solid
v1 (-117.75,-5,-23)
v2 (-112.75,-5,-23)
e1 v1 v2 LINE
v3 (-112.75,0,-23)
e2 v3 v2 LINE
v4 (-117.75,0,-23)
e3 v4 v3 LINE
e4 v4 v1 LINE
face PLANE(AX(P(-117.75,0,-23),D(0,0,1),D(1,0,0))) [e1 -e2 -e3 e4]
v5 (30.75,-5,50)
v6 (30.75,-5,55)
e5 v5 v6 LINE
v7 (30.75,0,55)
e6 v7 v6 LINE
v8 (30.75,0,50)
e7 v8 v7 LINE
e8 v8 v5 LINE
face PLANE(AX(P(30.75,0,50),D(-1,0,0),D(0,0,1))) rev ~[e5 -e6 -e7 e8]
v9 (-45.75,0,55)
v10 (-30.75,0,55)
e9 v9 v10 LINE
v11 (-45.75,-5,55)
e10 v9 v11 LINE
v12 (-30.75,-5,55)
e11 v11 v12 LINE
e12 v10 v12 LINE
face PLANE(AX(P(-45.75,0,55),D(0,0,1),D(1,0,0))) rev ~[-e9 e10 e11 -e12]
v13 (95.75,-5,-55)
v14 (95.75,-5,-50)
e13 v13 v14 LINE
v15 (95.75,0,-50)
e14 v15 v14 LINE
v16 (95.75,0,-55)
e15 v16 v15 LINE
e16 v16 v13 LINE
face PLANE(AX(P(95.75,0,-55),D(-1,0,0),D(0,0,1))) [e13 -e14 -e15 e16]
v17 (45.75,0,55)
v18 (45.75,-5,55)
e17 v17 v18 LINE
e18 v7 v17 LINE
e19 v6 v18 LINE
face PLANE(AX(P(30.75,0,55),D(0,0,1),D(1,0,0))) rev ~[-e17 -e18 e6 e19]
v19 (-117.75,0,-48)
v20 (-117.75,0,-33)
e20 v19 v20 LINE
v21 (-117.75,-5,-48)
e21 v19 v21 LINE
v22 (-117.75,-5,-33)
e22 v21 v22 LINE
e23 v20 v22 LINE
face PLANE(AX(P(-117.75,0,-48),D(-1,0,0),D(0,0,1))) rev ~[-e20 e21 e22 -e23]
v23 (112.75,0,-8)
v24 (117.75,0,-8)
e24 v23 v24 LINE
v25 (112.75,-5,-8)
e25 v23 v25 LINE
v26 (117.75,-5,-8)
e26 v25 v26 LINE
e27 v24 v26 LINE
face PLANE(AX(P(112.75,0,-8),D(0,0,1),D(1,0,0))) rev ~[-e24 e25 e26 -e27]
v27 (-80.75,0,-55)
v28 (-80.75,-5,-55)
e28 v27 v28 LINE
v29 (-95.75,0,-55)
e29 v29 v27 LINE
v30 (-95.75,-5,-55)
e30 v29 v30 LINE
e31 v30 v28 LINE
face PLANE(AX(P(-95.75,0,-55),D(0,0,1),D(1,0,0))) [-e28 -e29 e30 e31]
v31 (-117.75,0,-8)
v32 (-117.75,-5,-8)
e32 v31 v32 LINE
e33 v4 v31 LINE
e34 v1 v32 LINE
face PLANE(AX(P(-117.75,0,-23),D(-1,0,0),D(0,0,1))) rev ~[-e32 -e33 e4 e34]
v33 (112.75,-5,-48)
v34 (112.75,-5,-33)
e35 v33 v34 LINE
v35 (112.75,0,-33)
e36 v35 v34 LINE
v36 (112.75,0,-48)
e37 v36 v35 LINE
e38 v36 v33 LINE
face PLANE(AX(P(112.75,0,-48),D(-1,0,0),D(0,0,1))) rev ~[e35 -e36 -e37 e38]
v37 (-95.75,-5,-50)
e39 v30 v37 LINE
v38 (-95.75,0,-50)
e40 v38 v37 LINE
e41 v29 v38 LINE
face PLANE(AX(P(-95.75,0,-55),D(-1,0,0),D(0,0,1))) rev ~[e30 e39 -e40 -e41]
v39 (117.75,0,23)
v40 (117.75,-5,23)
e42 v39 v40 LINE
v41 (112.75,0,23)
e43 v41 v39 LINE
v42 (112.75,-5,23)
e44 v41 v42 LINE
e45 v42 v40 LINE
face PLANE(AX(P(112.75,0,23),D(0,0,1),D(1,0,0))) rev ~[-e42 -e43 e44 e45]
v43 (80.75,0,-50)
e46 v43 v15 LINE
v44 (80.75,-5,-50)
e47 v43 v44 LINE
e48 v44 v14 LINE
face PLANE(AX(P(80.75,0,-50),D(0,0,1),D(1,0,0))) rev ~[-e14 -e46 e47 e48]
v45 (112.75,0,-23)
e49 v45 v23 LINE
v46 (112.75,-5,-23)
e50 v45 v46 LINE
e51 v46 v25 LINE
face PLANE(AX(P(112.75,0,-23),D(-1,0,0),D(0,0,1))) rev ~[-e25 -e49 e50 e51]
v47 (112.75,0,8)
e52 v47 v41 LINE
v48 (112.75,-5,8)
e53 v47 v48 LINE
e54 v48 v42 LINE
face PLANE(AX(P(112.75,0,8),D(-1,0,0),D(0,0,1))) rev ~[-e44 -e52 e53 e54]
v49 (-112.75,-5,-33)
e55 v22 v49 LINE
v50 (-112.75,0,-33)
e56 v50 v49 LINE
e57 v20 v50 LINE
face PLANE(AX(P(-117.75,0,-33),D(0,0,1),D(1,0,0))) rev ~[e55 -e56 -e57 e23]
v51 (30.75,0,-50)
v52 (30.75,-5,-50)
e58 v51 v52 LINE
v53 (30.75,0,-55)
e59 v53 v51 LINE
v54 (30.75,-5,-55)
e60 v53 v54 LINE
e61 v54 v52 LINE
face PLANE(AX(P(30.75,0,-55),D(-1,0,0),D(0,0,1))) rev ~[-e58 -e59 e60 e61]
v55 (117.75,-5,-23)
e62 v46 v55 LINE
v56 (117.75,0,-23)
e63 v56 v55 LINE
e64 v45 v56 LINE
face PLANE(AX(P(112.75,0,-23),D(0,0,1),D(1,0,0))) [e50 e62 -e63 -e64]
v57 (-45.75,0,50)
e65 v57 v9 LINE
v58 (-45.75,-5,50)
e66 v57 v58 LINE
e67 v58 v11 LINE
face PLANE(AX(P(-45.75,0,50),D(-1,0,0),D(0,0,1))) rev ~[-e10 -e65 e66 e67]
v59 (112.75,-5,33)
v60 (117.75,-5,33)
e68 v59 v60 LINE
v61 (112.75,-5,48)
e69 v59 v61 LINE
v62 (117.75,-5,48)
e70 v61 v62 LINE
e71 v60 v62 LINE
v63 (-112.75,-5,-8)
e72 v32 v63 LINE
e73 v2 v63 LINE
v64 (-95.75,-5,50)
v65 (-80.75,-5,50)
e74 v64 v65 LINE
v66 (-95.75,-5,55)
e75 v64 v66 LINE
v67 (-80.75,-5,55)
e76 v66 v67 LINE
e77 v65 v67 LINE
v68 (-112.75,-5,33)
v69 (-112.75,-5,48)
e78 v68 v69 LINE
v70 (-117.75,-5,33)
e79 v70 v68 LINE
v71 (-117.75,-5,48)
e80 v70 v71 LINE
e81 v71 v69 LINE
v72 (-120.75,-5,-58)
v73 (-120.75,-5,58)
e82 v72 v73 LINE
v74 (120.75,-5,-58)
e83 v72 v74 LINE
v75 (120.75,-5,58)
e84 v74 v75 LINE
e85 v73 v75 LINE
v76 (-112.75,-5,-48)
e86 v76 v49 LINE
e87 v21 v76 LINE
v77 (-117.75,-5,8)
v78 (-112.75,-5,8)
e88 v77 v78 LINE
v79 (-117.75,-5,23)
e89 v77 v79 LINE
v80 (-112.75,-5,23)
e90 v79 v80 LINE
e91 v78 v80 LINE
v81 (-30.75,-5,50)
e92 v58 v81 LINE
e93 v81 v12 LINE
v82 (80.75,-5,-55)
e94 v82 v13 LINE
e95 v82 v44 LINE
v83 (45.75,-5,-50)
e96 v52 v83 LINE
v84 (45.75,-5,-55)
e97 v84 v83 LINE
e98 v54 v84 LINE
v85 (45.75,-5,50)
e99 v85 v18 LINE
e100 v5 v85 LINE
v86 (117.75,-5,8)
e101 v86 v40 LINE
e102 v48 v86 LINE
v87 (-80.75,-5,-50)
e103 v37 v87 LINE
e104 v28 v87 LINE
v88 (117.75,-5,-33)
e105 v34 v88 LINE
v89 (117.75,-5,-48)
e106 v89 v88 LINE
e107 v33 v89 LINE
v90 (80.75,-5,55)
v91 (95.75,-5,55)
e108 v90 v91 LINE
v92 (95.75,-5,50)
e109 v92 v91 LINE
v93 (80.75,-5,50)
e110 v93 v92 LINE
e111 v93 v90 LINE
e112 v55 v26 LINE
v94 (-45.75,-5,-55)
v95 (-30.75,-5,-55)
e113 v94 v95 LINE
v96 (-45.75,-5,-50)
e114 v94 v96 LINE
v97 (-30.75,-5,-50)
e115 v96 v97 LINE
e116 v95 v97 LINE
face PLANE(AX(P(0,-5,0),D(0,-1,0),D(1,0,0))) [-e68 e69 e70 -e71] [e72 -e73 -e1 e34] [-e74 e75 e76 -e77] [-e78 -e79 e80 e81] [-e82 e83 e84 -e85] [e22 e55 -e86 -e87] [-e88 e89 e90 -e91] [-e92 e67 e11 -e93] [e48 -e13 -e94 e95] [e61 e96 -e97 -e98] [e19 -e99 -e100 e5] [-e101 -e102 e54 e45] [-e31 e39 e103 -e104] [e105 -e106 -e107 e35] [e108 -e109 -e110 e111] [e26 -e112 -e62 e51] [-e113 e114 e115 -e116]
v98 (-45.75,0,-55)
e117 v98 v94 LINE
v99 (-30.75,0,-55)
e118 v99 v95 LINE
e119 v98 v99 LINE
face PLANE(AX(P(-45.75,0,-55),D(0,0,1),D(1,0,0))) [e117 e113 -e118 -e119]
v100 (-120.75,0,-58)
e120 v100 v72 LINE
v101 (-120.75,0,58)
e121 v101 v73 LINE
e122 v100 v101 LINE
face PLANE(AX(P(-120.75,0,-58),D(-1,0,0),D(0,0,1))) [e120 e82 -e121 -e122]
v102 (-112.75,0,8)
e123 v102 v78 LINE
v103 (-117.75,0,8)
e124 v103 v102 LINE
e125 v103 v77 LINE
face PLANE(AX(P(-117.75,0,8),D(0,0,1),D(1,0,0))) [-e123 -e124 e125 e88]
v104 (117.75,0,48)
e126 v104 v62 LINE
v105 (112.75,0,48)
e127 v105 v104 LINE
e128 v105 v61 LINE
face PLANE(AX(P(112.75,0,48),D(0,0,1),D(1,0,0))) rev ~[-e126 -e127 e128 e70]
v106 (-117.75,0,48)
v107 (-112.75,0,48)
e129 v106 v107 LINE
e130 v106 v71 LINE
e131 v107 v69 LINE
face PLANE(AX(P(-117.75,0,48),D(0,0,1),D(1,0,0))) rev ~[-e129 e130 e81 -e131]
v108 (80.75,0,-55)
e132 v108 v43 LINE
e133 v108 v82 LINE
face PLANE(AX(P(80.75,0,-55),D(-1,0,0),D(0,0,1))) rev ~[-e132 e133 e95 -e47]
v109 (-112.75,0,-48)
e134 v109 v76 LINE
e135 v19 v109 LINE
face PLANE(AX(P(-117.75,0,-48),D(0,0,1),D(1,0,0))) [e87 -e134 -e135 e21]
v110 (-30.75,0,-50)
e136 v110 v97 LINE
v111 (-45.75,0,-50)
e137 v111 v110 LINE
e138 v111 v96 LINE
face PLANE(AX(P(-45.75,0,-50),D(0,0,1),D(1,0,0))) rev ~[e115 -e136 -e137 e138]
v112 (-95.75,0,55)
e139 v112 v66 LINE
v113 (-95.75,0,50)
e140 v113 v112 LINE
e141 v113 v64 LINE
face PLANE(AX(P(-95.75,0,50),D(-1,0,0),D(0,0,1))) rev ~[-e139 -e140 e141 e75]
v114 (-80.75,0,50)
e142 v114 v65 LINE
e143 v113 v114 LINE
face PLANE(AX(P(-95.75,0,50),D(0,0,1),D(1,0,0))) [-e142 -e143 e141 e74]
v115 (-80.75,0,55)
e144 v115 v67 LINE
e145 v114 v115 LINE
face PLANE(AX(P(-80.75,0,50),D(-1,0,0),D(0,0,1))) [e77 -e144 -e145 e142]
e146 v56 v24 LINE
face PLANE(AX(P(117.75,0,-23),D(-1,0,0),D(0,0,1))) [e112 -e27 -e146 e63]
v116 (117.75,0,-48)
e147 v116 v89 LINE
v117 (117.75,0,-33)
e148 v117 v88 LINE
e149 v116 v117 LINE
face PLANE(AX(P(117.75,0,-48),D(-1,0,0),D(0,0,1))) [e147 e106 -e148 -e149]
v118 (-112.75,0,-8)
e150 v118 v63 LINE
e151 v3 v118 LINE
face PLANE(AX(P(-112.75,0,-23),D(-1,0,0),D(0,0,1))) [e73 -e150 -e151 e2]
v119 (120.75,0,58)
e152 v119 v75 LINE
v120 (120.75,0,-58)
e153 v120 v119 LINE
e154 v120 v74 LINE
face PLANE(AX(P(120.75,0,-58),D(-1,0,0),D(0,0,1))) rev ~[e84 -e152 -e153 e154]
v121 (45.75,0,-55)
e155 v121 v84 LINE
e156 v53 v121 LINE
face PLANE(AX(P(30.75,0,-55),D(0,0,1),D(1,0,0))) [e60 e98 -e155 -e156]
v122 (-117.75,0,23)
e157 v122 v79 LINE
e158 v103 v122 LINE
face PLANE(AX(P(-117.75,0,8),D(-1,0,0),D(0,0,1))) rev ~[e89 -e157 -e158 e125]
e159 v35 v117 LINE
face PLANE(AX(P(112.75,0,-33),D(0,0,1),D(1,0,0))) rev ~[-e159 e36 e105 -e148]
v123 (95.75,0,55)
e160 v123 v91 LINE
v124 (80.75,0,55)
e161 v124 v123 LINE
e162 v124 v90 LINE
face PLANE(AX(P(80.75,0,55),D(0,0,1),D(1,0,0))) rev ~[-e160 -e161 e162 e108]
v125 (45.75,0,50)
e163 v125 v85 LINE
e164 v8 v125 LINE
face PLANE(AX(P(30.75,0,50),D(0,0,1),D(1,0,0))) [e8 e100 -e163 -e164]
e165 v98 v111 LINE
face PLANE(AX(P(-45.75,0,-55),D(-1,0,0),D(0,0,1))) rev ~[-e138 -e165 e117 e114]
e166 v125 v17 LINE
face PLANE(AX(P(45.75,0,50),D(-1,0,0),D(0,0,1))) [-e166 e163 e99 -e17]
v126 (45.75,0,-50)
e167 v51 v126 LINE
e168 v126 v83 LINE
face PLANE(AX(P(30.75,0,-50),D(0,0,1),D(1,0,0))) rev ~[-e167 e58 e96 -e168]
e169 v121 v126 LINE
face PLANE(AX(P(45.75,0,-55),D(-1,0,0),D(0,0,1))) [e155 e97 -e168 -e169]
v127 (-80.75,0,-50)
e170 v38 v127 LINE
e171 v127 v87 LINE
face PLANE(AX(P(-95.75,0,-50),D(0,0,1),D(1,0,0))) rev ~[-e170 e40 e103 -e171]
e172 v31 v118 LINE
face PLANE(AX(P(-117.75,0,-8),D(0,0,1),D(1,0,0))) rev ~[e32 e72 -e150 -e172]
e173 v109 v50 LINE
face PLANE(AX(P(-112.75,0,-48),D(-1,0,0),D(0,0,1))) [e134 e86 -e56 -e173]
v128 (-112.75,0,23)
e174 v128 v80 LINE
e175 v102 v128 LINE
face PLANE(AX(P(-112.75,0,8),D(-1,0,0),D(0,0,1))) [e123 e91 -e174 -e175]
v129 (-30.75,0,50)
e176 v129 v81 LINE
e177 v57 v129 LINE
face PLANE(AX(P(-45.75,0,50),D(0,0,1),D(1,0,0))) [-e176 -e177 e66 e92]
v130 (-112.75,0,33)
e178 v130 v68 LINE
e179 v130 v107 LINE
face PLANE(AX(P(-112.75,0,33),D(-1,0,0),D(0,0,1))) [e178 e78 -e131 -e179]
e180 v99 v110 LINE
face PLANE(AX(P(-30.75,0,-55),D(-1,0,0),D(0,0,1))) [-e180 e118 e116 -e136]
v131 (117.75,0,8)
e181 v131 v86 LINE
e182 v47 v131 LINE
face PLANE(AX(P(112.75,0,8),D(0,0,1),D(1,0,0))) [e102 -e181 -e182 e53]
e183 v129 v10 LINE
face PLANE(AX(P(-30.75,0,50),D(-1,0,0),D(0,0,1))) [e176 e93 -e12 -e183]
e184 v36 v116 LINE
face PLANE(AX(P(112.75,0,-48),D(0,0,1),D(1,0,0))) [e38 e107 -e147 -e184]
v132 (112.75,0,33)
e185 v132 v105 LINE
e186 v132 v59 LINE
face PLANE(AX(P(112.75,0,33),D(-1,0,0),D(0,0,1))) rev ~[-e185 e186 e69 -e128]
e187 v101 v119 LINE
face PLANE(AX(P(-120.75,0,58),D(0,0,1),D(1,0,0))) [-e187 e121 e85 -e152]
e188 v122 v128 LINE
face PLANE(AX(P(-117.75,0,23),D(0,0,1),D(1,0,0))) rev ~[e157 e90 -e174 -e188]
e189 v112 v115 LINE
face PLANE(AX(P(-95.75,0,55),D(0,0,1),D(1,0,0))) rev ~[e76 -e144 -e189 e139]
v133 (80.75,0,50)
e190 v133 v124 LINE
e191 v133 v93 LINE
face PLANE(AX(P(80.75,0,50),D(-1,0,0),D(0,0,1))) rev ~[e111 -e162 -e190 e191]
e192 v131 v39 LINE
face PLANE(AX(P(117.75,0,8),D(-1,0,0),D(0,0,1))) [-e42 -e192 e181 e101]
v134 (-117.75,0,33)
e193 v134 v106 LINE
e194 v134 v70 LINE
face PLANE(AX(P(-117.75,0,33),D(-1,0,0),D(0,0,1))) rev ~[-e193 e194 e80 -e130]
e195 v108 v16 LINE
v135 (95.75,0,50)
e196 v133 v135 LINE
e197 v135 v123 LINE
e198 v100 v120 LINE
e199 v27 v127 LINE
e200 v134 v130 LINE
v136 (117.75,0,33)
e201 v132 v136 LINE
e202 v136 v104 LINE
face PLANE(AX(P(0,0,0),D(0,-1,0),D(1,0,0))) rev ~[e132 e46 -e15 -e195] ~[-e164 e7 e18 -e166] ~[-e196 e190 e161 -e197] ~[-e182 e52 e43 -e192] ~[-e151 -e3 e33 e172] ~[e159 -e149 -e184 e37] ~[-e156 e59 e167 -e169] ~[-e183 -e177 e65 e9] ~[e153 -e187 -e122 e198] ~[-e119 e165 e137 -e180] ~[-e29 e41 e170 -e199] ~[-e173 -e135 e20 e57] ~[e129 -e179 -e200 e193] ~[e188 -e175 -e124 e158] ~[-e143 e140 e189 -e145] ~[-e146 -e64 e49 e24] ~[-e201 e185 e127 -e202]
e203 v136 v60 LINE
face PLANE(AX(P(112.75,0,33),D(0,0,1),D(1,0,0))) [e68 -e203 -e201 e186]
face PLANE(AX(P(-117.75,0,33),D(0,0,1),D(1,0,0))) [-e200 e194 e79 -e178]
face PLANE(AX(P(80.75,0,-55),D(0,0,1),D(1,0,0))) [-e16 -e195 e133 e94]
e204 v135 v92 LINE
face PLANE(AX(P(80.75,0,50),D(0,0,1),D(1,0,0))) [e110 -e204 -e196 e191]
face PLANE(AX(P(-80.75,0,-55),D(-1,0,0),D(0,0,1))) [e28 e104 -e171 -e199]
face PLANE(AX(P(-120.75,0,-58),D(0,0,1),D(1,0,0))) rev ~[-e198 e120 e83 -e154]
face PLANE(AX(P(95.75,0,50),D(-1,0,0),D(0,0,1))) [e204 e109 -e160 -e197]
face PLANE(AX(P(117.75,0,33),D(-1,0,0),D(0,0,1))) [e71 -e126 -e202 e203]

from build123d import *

# Parameters (mm, degrees)
F0_W     = 241.5
F0_H     = 116
F0_W_2   = 15
F0_H_2   = 5
F0_W_3   = 5
F0_H_3   = 15
F1_DEPTH = 5


with BuildPart() as f1:
    # F0 (on Front) → F1 (new body)
    with BuildSketch(Plane.XZ):
        Rectangle(F0_W, F0_H)
        with Locations((-88.25, -52.5)):
            Rectangle(F0_W_2, F0_H_2, mode=Mode.SUBTRACT)
        with Locations((-115.25, -40.5)):
            Rectangle(F0_W_3, F0_H_3, mode=Mode.SUBTRACT)
        with Locations((-38.25, -52.5)):
            Rectangle(F0_W_2, F0_H_2, mode=Mode.SUBTRACT)
        with Locations((-115.25, -15.5)):
            Rectangle(F0_W_3, F0_H_3, mode=Mode.SUBTRACT)
        with Locations((38.25, -52.5)):
            Rectangle(F0_W_2, F0_H_2, mode=Mode.SUBTRACT)
        with Locations((88.25, -52.5)):
            Rectangle(F0_W_2, F0_H_2, mode=Mode.SUBTRACT)
        with Locations((115.25, -40.5)):
            Rectangle(F0_W_3, F0_H_3, mode=Mode.SUBTRACT)
        with Locations((115.25, -15.5)):
            Rectangle(F0_W_3, F0_H_3, mode=Mode.SUBTRACT)
        with Locations((-115.25, 15.5)):
            Rectangle(F0_W_3, F0_H_3, mode=Mode.SUBTRACT)
        with Locations((-115.25, 40.5)):
            Rectangle(F0_W_3, F0_H_3, mode=Mode.SUBTRACT)
        with Locations((-88.25, 52.5)):
            Rectangle(F0_W_2, F0_H_2, mode=Mode.SUBTRACT)
        with Locations((-38.25, 52.5)):
            Rectangle(F0_W_2, F0_H_2, mode=Mode.SUBTRACT)
        with Locations((115.25, 15.5)):
            Rectangle(F0_W_3, F0_H_3, mode=Mode.SUBTRACT)
        with Locations((38.25, 52.5)):
            Rectangle(F0_W_2, F0_H_2, mode=Mode.SUBTRACT)
        with Locations((115.25, 40.5)):
            Rectangle(F0_W_3, F0_H_3, mode=Mode.SUBTRACT)
        with Locations((88.25, 52.5)):
            Rectangle(F0_W_2, F0_H_2, mode=Mode.SUBTRACT)
    extrude(amount=F1_DEPTH)


solid = f1.part
